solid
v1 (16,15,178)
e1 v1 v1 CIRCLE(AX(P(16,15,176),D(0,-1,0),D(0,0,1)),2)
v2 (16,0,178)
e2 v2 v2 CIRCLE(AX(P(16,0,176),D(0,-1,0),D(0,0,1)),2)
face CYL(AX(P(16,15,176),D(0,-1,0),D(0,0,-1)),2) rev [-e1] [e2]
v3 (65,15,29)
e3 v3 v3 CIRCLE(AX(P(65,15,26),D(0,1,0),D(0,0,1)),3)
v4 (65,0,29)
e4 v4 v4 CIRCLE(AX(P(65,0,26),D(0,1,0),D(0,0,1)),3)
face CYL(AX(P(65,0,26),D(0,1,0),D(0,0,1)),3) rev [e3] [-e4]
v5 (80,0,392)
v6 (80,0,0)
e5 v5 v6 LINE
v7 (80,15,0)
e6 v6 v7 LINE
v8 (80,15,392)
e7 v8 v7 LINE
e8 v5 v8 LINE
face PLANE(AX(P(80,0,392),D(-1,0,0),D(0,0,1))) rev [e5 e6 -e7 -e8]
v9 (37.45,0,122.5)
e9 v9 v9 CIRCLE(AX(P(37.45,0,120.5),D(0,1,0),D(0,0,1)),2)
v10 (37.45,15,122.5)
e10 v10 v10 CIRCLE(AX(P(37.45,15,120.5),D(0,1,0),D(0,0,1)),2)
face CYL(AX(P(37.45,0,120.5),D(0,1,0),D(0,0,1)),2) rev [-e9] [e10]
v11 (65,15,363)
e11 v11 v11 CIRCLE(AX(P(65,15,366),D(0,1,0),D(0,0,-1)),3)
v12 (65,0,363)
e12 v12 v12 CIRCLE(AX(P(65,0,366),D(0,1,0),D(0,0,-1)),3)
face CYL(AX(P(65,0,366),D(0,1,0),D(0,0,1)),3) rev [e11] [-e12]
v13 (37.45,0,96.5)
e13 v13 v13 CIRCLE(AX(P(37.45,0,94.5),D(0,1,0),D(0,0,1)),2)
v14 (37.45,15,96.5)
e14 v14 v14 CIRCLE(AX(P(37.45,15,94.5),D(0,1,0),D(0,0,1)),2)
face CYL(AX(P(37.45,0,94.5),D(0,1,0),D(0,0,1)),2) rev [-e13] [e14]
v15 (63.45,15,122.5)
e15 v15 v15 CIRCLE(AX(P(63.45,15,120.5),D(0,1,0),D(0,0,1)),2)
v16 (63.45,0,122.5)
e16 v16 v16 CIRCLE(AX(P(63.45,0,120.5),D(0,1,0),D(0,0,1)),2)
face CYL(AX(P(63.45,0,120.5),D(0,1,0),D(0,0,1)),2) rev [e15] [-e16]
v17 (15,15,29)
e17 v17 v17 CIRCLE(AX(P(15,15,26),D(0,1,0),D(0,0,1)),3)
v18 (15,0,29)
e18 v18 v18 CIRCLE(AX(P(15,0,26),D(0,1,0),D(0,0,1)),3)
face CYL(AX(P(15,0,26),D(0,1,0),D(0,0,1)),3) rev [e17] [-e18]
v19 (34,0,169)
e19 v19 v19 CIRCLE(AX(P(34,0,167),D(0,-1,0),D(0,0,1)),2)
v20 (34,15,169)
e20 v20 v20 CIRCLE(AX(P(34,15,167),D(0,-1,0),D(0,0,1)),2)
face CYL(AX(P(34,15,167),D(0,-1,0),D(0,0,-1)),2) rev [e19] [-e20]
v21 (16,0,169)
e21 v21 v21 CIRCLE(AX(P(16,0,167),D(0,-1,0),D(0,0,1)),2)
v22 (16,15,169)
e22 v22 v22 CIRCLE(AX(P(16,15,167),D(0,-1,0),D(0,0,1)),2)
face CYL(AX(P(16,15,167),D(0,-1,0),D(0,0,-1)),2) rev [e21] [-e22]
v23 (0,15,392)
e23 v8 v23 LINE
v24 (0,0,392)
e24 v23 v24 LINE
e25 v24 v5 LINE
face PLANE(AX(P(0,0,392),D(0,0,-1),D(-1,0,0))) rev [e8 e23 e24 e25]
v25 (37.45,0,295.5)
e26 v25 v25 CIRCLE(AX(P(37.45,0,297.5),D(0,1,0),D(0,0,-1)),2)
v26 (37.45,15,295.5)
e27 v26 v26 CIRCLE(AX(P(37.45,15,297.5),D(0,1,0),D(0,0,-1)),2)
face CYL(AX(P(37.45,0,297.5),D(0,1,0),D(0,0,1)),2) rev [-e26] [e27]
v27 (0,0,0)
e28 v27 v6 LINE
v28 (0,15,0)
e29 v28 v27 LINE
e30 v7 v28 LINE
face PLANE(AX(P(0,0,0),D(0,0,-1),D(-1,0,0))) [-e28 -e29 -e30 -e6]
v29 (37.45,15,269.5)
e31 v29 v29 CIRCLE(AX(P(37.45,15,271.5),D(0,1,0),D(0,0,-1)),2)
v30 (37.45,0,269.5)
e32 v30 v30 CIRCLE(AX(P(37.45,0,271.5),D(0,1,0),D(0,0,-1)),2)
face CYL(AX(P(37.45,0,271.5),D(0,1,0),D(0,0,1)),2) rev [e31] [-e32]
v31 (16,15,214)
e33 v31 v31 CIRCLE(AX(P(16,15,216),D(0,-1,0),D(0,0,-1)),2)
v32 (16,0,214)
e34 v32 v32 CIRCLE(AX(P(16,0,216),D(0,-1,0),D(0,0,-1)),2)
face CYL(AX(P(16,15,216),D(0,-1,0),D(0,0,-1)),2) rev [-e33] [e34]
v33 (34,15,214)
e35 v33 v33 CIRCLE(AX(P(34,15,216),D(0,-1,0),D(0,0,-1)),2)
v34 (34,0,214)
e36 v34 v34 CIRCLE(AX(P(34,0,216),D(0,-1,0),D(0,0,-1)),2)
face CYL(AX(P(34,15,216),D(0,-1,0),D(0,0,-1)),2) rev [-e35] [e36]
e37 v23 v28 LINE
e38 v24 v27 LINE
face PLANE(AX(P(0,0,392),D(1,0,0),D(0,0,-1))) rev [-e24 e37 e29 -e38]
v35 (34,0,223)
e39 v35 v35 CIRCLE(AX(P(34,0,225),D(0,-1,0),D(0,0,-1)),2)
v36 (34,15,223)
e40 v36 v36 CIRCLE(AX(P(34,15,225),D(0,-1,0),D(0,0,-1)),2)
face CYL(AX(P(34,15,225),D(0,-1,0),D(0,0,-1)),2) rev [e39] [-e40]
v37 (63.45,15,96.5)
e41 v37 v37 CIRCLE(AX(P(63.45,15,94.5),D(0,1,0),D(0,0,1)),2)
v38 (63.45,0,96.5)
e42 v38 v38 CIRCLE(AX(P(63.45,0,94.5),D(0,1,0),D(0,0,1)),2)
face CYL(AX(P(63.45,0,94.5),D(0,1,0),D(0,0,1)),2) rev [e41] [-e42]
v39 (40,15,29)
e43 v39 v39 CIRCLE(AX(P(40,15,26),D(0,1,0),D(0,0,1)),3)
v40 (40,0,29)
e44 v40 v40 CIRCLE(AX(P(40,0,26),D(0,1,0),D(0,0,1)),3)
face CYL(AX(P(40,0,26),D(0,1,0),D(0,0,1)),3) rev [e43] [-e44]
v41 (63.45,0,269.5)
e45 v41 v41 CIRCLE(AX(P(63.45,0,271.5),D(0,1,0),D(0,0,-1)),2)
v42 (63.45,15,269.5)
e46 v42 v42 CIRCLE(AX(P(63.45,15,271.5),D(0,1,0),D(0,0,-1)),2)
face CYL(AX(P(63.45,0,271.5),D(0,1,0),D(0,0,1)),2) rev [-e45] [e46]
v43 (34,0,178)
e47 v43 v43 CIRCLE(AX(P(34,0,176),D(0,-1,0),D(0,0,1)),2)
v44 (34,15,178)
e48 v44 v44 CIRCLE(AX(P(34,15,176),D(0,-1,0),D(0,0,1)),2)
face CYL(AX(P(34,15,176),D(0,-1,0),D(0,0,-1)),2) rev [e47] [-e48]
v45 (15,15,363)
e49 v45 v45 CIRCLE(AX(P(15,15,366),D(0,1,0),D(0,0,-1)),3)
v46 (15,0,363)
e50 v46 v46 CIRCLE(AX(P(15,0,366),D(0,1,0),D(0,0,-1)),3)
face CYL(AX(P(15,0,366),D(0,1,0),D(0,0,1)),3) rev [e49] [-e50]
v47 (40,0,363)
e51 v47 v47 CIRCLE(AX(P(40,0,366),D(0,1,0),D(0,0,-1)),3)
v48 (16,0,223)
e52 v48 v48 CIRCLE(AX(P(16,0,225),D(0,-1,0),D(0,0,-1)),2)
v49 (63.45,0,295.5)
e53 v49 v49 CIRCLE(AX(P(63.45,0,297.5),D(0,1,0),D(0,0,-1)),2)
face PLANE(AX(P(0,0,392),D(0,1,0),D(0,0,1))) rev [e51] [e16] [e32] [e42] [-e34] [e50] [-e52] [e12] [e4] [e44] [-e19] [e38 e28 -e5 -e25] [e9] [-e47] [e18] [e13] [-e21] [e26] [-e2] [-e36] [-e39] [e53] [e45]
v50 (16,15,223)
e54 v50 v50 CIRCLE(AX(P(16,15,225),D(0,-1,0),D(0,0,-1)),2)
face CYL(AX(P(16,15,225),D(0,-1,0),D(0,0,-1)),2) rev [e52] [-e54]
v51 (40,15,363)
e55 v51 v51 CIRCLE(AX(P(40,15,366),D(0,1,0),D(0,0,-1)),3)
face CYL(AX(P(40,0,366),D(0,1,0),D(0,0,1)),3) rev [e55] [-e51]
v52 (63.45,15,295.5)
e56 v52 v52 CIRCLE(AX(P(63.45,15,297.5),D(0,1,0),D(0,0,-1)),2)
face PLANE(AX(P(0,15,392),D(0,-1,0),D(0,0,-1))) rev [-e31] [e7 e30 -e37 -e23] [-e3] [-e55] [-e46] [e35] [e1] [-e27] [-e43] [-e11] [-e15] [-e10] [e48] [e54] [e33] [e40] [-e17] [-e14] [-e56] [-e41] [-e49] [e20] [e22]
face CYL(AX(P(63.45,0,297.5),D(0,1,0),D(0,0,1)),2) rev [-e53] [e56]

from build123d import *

# Parameters (mm, degrees)
SKETCH_1_W          = 80
SKETCH_1_H          = 15
EXTRUDE_1_DEPTH     = 392
SKETCH_2_R          = 3
CUT_EXTRUDE_1_DEPTH = 401.36108702
SKETCH_3_R          = 2
CUT_EXTRUDE_2_DEPTH = 401.36108702
SKETCH_4_R          = 2
CUT_EXTRUDE_3_DEPTH = 401.36108702


with BuildPart() as part:
    # 草图1 → 凸台-拉伸1 (new body)
    with BuildSketch(Plane.XY):
        with Locations((40, 7.5)):
            Rectangle(SKETCH_1_W, SKETCH_1_H)
    extrude(amount=EXTRUDE_1_DEPTH)

    # 草图2 → 切除-拉伸1 (cut, through all)
    with BuildSketch(Plane(origin=(0, 15, 0), x_dir=(1, 0, 0), z_dir=(0, 1, 0))):
        with Locations(Location((65, -26, 0), (0, 0, 270))):
            Circle(SKETCH_2_R)
        with Locations(Location((40, -26, 0), (0, 0, 270))):
            Circle(SKETCH_2_R)
        with Locations(Location((15, -26, 0), (0, 0, 270))):
            Circle(SKETCH_2_R)
        with Locations(Location((15, -366, 0), (0, 0, 90))):
            Circle(SKETCH_2_R)
        with Locations(Location((40, -366, 0), (0, 0, 90))):
            Circle(SKETCH_2_R)
        with Locations(Location((65, -366, 0), (0, 0, 90))):
            Circle(SKETCH_2_R)
    extrude(amount=-CUT_EXTRUDE_1_DEPTH, mode=Mode.SUBTRACT)

    # 草图3 → 切除-拉伸2 (cut, through all)
    with BuildSketch(Plane(origin=(0, 0, 0), x_dir=(-1, 0, 0), z_dir=(0, -1, 0))):
        with Locations(Location((-34, -216, 0), (0, 0, 90))):
            Circle(SKETCH_3_R)
        with Locations(Location((-34, -225, 0), (0, 0, 90))):
            Circle(SKETCH_3_R)
        with Locations(Location((-16, -225, 0), (0, 0, 90))):
            Circle(SKETCH_3_R)
        with Locations(Location((-16, -216, 0), (0, 0, 90))):
            Circle(SKETCH_3_R)
        with Locations(Location((-16, -176, 0), (0, 0, 270))):
            Circle(SKETCH_3_R)
        with Locations(Location((-16, -167, 0), (0, 0, 270))):
            Circle(SKETCH_3_R)
        with Locations(Location((-34, -167, 0), (0, 0, 270))):
            Circle(SKETCH_3_R)
        with Locations(Location((-34, -176, 0), (0, 0, 270))):
            Circle(SKETCH_3_R)
    extrude(amount=-CUT_EXTRUDE_2_DEPTH, mode=Mode.SUBTRACT)

    # 草图4 → 切除-拉伸3 (cut, through all)
    with BuildSketch(Plane(origin=(0, 15, 0), x_dir=(1, 0, 0), z_dir=(0, 1, 0))):
        with Locations(Location((63.45, -94.5, 0), (0, 0, 270))):
            Circle(SKETCH_4_R)
        with Locations(Location((37.45, -94.5, 0), (0, 0, 270))):
            Circle(SKETCH_4_R)
        with Locations(Location((37.45, -120.5, 0), (0, 0, 270))):
            Circle(SKETCH_4_R)
        with Locations(Location((63.45, -120.5, 0), (0, 0, 270))):
            Circle(SKETCH_4_R)
        with Locations(Location((63.45, -271.5, 0), (0, 0, 90))):
            Circle(SKETCH_4_R)
        with Locations(Location((37.45, -271.5, 0), (0, 0, 90))):
            Circle(SKETCH_4_R)
        with Locations(Location((37.45, -297.5, 0), (0, 0, 90))):
            Circle(SKETCH_4_R)
        with Locations(Location((63.45, -297.5, 0), (0, 0, 90))):
            Circle(SKETCH_4_R)
    extrude(amount=-CUT_EXTRUDE_3_DEPTH, mode=Mode.SUBTRACT)


solid = part.part
